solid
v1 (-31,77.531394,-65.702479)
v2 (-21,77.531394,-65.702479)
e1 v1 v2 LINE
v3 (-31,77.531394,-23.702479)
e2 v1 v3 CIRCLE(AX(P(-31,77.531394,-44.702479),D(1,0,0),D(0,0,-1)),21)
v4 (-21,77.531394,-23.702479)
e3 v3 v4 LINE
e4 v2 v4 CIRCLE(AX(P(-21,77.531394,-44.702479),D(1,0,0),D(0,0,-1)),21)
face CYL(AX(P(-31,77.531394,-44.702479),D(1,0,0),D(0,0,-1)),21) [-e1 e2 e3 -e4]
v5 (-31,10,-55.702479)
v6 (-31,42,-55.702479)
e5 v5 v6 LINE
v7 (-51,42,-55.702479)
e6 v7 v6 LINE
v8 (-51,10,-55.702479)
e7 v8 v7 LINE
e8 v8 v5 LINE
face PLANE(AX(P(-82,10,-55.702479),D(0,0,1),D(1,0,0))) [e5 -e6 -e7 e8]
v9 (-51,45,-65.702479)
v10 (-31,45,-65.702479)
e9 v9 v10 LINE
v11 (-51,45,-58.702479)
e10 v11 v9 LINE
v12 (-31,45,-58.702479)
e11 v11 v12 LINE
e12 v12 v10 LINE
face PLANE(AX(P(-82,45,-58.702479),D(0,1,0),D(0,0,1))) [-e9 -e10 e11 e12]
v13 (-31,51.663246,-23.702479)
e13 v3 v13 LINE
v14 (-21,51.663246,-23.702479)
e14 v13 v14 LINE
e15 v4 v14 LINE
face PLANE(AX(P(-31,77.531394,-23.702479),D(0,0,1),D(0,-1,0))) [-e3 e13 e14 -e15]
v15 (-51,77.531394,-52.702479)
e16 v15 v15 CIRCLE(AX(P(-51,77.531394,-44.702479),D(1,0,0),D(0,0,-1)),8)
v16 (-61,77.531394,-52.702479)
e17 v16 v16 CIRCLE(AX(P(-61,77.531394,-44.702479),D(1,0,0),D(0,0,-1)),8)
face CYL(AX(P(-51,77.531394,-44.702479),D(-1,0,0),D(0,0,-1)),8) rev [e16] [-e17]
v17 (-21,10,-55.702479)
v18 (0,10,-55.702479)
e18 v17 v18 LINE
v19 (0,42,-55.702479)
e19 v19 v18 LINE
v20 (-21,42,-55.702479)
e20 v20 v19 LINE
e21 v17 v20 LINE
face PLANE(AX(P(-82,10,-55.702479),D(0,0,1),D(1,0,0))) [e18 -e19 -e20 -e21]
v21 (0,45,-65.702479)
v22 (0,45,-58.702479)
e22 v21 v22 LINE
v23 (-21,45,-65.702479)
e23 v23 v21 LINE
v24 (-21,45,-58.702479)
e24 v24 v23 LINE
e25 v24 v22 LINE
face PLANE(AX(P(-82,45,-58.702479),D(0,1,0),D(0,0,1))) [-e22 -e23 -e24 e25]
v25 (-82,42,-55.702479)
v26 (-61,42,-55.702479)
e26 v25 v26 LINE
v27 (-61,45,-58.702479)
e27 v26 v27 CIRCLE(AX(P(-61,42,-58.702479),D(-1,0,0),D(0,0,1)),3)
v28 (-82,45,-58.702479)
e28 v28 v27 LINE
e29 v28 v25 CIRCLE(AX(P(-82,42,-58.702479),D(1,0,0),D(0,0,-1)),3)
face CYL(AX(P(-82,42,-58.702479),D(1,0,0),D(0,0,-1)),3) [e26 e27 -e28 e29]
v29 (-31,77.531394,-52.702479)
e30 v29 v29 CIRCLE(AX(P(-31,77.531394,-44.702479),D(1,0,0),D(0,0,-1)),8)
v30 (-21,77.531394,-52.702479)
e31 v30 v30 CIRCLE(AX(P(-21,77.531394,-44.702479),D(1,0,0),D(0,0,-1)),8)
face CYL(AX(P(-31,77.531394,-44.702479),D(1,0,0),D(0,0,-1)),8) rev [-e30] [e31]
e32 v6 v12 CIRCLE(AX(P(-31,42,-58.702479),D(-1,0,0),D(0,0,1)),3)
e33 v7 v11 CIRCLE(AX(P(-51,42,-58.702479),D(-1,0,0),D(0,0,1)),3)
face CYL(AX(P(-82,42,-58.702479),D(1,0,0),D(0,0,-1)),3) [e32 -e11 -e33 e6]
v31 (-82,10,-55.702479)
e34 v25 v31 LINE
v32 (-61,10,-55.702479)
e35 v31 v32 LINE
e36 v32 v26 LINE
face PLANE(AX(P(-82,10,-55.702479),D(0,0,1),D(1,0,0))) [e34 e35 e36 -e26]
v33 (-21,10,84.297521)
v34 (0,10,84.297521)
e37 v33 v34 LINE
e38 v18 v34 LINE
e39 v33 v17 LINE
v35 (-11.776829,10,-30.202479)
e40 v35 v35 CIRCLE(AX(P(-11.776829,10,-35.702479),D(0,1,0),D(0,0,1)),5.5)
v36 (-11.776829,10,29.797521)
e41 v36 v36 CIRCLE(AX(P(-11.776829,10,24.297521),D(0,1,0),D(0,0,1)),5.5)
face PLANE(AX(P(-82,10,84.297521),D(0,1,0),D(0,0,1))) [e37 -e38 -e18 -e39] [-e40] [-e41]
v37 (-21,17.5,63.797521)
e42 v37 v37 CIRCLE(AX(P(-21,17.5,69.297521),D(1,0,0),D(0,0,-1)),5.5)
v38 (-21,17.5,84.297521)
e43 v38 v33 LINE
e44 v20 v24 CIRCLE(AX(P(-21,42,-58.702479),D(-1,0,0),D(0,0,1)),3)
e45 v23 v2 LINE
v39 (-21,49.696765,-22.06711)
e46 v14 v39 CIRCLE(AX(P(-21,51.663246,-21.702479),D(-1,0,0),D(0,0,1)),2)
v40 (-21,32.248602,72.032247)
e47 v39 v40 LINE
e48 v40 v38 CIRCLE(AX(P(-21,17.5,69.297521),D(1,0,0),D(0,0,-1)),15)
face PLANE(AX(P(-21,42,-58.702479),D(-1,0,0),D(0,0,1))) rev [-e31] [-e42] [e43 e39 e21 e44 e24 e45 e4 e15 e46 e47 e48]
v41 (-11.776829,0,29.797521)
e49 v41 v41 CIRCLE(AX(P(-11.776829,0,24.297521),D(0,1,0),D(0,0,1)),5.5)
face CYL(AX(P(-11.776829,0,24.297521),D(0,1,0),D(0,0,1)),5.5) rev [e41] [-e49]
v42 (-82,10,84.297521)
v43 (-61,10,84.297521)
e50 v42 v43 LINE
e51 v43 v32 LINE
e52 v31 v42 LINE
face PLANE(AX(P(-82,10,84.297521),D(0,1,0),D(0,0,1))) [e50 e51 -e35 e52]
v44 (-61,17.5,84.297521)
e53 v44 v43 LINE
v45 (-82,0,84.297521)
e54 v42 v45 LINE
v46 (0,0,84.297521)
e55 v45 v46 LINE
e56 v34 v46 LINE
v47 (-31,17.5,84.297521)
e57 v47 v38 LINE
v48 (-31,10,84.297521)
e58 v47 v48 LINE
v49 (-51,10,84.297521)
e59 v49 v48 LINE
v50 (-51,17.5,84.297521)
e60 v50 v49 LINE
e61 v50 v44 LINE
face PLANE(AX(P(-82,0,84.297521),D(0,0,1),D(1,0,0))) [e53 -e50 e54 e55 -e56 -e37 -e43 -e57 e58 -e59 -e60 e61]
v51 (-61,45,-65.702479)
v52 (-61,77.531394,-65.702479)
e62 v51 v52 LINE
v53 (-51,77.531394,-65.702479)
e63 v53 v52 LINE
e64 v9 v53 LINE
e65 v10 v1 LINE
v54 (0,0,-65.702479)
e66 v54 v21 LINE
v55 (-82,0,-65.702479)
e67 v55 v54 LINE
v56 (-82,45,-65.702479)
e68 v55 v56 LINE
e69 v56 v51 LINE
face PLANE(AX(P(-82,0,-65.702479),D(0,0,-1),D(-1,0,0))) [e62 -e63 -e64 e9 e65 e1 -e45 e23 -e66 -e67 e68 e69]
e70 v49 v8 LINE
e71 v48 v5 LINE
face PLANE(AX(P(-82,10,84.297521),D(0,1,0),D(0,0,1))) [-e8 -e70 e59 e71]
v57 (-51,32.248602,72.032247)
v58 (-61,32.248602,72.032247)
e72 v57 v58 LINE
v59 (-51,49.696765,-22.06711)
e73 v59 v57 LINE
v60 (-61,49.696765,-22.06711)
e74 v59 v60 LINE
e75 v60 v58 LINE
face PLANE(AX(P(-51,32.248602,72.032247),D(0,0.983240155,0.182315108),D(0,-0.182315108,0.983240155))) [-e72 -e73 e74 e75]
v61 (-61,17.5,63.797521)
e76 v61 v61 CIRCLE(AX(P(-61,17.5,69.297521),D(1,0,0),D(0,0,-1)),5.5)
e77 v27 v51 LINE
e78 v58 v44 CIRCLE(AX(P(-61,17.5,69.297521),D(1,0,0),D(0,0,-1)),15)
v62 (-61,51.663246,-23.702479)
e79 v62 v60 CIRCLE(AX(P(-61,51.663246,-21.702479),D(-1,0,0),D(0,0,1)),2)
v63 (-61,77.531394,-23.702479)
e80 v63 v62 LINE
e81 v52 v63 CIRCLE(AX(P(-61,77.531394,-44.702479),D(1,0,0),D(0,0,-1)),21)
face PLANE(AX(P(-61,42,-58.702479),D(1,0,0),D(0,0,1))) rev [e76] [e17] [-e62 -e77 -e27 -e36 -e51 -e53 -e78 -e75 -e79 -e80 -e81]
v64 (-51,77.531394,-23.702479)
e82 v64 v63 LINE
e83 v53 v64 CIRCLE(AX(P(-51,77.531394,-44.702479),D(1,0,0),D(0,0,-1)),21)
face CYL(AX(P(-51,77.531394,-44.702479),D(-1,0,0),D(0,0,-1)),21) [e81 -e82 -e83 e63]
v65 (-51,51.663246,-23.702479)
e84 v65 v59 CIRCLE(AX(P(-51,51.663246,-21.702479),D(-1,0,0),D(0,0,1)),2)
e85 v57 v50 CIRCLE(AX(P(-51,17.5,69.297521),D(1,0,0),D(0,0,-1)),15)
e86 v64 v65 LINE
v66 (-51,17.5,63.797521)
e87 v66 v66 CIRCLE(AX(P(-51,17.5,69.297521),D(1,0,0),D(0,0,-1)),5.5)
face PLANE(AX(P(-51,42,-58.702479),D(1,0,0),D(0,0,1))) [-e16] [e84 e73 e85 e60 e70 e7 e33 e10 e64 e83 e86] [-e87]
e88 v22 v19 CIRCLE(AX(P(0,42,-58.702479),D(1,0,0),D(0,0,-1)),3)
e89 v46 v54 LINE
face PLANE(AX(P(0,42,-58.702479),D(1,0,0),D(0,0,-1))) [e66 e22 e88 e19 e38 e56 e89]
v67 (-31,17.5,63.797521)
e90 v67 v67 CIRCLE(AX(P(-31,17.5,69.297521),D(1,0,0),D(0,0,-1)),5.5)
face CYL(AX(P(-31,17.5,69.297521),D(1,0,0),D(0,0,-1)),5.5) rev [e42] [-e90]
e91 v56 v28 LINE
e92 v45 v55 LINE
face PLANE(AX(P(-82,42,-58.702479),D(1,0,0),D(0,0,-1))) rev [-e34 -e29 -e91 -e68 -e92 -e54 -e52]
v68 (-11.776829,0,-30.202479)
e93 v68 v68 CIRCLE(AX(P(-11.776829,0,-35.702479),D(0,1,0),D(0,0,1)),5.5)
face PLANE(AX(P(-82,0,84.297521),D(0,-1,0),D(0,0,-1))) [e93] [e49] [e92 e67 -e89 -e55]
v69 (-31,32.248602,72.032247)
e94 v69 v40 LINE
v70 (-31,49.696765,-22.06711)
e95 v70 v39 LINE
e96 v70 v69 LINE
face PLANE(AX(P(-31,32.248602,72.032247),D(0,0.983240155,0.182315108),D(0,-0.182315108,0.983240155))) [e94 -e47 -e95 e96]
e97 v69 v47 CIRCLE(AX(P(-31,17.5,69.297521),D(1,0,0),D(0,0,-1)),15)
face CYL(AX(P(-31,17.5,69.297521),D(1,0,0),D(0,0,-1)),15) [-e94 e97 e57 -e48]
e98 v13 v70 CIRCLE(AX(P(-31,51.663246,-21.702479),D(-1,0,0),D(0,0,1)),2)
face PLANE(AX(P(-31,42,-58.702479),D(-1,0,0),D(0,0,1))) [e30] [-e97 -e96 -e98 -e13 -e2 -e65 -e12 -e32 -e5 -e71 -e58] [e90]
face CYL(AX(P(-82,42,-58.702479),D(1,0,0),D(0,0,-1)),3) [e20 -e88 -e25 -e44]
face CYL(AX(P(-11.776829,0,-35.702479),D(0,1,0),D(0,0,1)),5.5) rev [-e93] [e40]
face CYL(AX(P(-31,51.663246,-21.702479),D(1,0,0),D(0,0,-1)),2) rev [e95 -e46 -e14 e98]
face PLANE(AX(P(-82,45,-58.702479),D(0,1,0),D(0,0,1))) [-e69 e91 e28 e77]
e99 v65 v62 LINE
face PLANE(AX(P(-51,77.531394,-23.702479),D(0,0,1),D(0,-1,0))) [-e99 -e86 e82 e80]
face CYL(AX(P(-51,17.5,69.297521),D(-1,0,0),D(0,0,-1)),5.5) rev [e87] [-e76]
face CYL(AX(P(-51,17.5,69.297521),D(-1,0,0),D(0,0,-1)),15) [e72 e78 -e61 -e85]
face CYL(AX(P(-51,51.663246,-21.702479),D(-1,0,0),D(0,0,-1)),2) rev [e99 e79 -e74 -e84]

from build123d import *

# Parameters (mm, degrees)
BOSS_EXTRUDE1_DEPTH = 82
SKETCH2_R           = 8
SKETCH2_R_2         = 5.5
BOSS_EXTRUDE2_DEPTH = 10
SKETCH3_R           = 5.5
CUT_EXTRUDE1_DEPTH  = 148.200134968


with BuildPart() as part:
    # Sketch1 → Boss-Extrude1 (new body)
    with BuildSketch(Plane(origin=(0, 0, 0), x_dir=(0, 0, -1), z_dir=(1, 0, 0))):
        with BuildLine():
            Line((-84.297520661, 0), (65.702479339, 0))
            Line((65.702479339, 0), (65.702479339, 45))
            Line((65.702479339, 45), (58.702479339, 45))
            ThreePointArc((58.702479339, 45), (56.581158995, 44.121320344), (55.702479339, 42))
            Line((55.702479339, 42), (55.702479339, 10))
            Line((55.702479339, 10), (-84.297520661, 10))
            Line((-84.297520661, 10), (-84.297520661, 0))
        make_face()
    extrude(amount=-BOSS_EXTRUDE1_DEPTH)

    # Sketch2 → Boss-Extrude2 (add)
    with BuildSketch(Plane(origin=(-21, 0, 0), x_dir=(0, 0, -1), z_dir=(1, 0, 0))):
        with BuildLine():
            Line((65.702479339, 45), (65.702479339, 77.531394121))
            ThreePointArc((65.702479339, 77.531394121), (44.702479339, 98.531394121), (23.702479339, 77.531394121))
            Line((23.702479339, 77.531394121), (23.702479339, 51.663245522))
            ThreePointArc((23.702479339, 51.663245522), (23.240214757, 50.384429748), (22.067109554, 49.696765213))
            Line((22.067109554, 49.696765213), (-72.032247278, 32.248602318))
            ThreePointArc((-72.032247278, 32.248602318), (-80.830536296, 27.091118307), (-84.297520661, 17.5))
            Line((-84.297520661, 17.5), (-84.297520661, 10))
            Line((-84.297520661, 10), (55.702479339, 10))
            Line((55.702479339, 10), (55.702479339, 42))
            ThreePointArc((55.702479339, 42), (56.581158995, 44.121320344), (58.702479339, 45))
            Line((58.702479339, 45), (65.702479339, 45))
        make_face()
        with Locations((44.702479339, 77.531394121)):
            Circle(SKETCH2_R, mode=Mode.SUBTRACT)
        with Locations((-69.297520661, 17.5)):
            Circle(SKETCH2_R_2, mode=Mode.SUBTRACT)
    extrude(amount=-BOSS_EXTRUDE2_DEPTH)

    # Mirror1: part across plane


with BuildPart() as part_1:
    add(part.part)
    add(part.part.mirror(Plane(origin=(-41, 0, 0), x_dir=(0, 0, 1), z_dir=(1, 0, 0))))

    # Sketch3 → Cut-Extrude1 (cut, through all)
    with BuildSketch(Plane(origin=(0, 10, 0), x_dir=(1, 0, 0), z_dir=(0, 1, 0))):
        with Locations(Location((-11.776828818, -24.297520661, 0), (0, 0, 270))):
            Circle(SKETCH3_R)
        with Locations(Location((-11.776828818, 35.702479339, 0), (0, 0, 270))):
            Circle(SKETCH3_R)
    extrude(amount=-CUT_EXTRUDE1_DEPTH, mode=Mode.SUBTRACT)


solid = part_1.part
